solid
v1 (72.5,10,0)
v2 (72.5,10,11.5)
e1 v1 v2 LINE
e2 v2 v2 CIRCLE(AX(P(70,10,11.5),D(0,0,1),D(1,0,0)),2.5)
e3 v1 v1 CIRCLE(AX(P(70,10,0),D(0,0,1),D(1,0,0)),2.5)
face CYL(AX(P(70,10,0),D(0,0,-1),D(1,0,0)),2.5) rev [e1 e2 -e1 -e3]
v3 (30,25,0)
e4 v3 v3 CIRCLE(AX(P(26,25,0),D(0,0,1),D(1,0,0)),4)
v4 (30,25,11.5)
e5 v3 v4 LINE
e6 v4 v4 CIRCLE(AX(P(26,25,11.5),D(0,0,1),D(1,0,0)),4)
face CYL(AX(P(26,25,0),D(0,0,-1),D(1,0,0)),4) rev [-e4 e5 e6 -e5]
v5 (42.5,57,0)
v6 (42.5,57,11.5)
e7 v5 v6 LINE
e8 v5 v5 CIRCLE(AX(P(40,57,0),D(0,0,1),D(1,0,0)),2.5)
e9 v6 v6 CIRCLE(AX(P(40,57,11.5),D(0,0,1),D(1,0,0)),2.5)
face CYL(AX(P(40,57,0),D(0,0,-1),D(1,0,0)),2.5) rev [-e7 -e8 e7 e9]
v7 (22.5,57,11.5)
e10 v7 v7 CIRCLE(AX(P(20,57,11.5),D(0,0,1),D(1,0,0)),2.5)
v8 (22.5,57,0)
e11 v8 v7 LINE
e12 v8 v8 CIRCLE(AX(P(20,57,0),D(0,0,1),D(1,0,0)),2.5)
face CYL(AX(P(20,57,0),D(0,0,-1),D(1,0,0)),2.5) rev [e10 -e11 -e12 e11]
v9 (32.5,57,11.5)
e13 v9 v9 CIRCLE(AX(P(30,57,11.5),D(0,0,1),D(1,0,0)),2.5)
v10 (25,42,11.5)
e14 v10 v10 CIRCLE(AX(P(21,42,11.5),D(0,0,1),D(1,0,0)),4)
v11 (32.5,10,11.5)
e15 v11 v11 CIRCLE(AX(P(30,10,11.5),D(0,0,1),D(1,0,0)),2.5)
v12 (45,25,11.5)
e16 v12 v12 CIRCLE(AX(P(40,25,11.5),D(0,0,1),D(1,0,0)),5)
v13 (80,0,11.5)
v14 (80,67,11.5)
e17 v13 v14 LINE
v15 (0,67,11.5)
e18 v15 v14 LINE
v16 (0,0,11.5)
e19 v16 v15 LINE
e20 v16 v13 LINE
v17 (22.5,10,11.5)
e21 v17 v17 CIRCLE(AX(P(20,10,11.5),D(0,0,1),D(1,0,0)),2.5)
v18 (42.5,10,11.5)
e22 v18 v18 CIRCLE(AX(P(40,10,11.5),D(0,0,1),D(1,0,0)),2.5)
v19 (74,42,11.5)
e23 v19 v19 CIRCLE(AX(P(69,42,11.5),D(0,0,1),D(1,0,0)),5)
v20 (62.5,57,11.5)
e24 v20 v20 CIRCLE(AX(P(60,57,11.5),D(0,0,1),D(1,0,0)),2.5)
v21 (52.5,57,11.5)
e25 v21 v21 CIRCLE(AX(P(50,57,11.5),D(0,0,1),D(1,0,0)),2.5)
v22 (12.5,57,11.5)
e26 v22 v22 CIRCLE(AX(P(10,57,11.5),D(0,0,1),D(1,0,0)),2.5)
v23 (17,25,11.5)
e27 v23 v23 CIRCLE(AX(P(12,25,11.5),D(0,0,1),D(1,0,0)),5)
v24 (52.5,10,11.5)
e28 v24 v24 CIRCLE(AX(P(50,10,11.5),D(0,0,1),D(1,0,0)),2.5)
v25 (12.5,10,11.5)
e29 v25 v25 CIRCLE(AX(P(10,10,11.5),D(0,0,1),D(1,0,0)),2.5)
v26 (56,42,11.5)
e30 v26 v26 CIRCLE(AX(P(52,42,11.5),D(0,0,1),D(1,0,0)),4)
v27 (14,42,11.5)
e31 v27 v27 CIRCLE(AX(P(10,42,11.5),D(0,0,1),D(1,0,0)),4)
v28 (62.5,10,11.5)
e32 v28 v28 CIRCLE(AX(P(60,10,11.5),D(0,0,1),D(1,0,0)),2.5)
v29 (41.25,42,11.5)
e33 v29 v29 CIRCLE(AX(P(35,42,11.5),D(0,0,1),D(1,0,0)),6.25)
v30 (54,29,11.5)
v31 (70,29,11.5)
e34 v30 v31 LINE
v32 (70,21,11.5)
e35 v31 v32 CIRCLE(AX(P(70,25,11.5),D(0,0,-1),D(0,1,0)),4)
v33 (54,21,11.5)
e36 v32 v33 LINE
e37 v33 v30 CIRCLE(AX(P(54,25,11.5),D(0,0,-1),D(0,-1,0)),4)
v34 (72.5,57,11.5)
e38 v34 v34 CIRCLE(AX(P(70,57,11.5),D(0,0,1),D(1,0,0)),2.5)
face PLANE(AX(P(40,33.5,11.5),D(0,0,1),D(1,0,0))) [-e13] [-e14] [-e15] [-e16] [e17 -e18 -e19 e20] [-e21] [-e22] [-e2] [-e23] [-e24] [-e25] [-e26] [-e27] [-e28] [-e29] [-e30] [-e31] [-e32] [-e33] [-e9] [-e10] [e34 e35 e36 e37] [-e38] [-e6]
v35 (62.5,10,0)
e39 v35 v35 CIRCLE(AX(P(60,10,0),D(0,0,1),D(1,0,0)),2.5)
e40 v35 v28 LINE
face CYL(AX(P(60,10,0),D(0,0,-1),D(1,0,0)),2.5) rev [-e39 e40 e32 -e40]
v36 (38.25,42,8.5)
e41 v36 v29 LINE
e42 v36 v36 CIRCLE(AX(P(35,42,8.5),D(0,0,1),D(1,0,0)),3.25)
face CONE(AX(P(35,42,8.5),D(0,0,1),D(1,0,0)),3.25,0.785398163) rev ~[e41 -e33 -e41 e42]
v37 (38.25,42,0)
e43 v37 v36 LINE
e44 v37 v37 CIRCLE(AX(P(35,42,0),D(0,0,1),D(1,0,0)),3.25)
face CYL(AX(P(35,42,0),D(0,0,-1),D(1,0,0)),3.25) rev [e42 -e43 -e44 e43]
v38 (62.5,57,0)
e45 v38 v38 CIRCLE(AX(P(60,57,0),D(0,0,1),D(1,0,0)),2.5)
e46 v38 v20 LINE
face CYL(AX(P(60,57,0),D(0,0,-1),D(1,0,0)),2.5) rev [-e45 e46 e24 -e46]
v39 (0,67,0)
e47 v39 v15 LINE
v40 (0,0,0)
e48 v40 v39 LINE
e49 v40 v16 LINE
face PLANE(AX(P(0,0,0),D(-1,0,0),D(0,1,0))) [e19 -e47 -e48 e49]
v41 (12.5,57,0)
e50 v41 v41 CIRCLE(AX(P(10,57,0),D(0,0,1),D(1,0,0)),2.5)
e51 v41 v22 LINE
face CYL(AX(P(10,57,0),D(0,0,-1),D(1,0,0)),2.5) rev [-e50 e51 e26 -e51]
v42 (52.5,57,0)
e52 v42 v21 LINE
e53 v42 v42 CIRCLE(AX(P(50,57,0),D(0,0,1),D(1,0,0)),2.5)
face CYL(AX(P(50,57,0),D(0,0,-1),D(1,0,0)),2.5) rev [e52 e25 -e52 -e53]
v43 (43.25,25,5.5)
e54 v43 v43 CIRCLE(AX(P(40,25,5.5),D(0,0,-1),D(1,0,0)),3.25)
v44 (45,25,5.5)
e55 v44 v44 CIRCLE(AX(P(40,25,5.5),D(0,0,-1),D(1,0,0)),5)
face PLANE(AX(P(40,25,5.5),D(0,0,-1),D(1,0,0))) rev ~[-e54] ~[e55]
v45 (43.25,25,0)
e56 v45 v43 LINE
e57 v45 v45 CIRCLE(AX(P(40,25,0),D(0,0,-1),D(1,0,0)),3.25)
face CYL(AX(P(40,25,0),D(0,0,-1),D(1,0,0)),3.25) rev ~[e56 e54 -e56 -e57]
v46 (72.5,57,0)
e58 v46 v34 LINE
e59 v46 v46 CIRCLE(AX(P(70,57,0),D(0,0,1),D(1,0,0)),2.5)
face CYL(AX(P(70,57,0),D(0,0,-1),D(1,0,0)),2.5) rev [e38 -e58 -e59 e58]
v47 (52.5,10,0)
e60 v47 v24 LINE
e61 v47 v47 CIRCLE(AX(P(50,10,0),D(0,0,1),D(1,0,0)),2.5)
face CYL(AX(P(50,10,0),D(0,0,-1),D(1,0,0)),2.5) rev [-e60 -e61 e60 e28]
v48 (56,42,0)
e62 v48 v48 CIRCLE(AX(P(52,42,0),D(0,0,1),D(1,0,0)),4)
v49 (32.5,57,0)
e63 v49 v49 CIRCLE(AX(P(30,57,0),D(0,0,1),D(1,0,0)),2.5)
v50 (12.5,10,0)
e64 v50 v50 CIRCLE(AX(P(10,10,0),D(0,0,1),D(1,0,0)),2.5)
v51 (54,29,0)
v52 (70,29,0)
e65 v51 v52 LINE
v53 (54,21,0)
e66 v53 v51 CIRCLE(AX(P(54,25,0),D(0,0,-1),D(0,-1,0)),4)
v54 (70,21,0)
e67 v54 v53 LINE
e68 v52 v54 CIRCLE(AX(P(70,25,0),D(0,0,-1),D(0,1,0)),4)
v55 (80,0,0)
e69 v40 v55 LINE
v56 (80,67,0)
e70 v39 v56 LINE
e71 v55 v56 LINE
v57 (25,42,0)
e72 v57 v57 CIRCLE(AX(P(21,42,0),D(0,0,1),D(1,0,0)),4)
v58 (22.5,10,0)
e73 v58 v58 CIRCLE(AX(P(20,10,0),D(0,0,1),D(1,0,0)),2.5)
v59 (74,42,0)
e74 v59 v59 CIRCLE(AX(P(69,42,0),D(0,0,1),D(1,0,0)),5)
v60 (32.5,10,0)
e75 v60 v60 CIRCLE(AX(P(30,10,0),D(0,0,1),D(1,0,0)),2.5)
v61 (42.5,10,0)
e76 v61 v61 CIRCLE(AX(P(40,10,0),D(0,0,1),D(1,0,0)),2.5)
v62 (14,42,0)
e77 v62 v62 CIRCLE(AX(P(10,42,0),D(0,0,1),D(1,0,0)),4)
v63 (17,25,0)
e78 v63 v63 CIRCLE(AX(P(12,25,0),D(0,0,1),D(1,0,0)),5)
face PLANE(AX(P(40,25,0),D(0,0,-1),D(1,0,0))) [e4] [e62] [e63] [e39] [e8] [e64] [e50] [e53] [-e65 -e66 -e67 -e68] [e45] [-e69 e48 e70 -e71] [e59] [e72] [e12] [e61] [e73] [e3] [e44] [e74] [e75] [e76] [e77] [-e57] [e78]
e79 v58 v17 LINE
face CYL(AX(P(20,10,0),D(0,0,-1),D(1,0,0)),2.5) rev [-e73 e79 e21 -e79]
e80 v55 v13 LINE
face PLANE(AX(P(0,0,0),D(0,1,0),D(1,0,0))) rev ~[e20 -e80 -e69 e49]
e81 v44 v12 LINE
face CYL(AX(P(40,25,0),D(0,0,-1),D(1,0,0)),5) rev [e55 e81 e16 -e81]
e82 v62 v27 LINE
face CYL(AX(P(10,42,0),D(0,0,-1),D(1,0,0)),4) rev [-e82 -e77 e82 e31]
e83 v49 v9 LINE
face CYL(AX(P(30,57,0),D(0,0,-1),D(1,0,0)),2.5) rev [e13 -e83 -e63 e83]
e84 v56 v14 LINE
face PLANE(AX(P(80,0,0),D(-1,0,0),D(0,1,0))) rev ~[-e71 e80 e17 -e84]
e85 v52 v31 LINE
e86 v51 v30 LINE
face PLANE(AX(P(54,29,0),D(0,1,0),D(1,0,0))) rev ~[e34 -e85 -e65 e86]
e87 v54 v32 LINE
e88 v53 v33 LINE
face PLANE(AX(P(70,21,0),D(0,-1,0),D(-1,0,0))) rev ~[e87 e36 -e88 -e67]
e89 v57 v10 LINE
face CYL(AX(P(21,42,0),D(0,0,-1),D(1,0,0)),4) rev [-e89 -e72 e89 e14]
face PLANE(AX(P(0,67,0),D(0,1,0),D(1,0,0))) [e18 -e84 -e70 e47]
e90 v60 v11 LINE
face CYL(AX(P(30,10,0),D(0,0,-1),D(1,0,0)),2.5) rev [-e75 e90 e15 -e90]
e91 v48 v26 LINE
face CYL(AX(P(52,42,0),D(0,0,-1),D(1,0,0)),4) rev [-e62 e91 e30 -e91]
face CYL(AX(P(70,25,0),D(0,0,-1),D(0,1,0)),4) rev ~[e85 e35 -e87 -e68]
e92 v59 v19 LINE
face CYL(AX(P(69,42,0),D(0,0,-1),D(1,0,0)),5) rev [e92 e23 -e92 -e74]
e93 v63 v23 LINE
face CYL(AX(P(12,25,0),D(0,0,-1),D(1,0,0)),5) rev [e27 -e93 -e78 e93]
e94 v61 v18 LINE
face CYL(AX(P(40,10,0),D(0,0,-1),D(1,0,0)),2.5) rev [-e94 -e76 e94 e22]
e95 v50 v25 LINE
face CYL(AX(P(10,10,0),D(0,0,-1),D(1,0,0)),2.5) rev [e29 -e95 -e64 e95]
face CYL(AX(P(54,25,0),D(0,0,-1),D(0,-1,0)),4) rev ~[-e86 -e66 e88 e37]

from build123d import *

# Parameters (mm, degrees)
F0_W     = 80
F0_H     = 67
F0_R     = 2.5
F0_R_2   = 5
F0_R_3   = 4
F0_R_4   = 3.25
F1_DEPTH = 11.5
F2_SIZE2 = 3
F2_SIZE  = 3
F3_R     = 5
F3_R_2   = 3.25
F4_DEPTH = 5.5


with BuildPart() as f1:
    # F0 (on Top) → F1 (new body)
    with BuildSketch(Plane.XY):
        with Locations((40, 33.5)):
            Rectangle(F0_W, F0_H)
        with Locations((10, 10)):
            Circle(F0_R, mode=Mode.SUBTRACT)
        with Locations((20, 10)):
            Circle(F0_R, mode=Mode.SUBTRACT)
        with Locations((30, 10)):
            Circle(F0_R, mode=Mode.SUBTRACT)
        with Locations((12, 25)):
            Circle(F0_R_2, mode=Mode.SUBTRACT)
        with Locations((26, 25)):
            Circle(F0_R_3, mode=Mode.SUBTRACT)
        with Locations((40, 10)):
            Circle(F0_R, mode=Mode.SUBTRACT)
        with Locations((50, 10)):
            Circle(F0_R, mode=Mode.SUBTRACT)
        with Locations((60, 10)):
            Circle(F0_R, mode=Mode.SUBTRACT)
        with Locations((70, 10)):
            Circle(F0_R, mode=Mode.SUBTRACT)
        with Locations((40, 25)):
            Circle(F0_R_2, mode=Mode.SUBTRACT)
        with BuildLine():
            Line((54, 29), (70, 29))
            ThreePointArc((70, 29), (74, 25), (70, 21))
            Line((70, 21), (54, 21))
            ThreePointArc((54, 21), (50, 25), (54, 29))
        make_face(mode=Mode.SUBTRACT)
        with Locations((10, 42)):
            Circle(F0_R_3, mode=Mode.SUBTRACT)
        with Locations((21, 42)):
            Circle(F0_R_3, mode=Mode.SUBTRACT)
        with Locations((35, 42)):
            Circle(F0_R_4, mode=Mode.SUBTRACT)
        with Locations((10, 57)):
            Circle(F0_R, mode=Mode.SUBTRACT)
        with Locations((20, 57)):
            Circle(F0_R, mode=Mode.SUBTRACT)
        with Locations((30, 57)):
            Circle(F0_R, mode=Mode.SUBTRACT)
        with Locations((52, 42)):
            Circle(F0_R_3, mode=Mode.SUBTRACT)
        with Locations((69, 42)):
            Circle(F0_R_2, mode=Mode.SUBTRACT)
        with Locations((40, 57)):
            Circle(F0_R, mode=Mode.SUBTRACT)
        with Locations((50, 57)):
            Circle(F0_R, mode=Mode.SUBTRACT)
        with Locations((60, 57)):
            Circle(F0_R, mode=Mode.SUBTRACT)
        with Locations((70, 57)):
            Circle(F0_R, mode=Mode.SUBTRACT)
    extrude(amount=F1_DEPTH)

    # F2
    f2_edges = [f1.edges().sort_by_distance(p)[0] for p in [
        (31.75, 42, 11.5),
    ]]
    chamfer(f2_edges, length=F2_SIZE, length2=F2_SIZE2)

    # F3 (on face) → F4 (join)
    with BuildSketch(Plane(origin=(0, 0, 0), x_dir=(1, 0, 0), z_dir=(0, 0, -1))):
        with Locations((40, -25)):
            Circle(F3_R)
        with Locations((40, -25)):
            Circle(F3_R_2, mode=Mode.SUBTRACT)
    extrude(amount=-F4_DEPTH)


solid = f1.part
